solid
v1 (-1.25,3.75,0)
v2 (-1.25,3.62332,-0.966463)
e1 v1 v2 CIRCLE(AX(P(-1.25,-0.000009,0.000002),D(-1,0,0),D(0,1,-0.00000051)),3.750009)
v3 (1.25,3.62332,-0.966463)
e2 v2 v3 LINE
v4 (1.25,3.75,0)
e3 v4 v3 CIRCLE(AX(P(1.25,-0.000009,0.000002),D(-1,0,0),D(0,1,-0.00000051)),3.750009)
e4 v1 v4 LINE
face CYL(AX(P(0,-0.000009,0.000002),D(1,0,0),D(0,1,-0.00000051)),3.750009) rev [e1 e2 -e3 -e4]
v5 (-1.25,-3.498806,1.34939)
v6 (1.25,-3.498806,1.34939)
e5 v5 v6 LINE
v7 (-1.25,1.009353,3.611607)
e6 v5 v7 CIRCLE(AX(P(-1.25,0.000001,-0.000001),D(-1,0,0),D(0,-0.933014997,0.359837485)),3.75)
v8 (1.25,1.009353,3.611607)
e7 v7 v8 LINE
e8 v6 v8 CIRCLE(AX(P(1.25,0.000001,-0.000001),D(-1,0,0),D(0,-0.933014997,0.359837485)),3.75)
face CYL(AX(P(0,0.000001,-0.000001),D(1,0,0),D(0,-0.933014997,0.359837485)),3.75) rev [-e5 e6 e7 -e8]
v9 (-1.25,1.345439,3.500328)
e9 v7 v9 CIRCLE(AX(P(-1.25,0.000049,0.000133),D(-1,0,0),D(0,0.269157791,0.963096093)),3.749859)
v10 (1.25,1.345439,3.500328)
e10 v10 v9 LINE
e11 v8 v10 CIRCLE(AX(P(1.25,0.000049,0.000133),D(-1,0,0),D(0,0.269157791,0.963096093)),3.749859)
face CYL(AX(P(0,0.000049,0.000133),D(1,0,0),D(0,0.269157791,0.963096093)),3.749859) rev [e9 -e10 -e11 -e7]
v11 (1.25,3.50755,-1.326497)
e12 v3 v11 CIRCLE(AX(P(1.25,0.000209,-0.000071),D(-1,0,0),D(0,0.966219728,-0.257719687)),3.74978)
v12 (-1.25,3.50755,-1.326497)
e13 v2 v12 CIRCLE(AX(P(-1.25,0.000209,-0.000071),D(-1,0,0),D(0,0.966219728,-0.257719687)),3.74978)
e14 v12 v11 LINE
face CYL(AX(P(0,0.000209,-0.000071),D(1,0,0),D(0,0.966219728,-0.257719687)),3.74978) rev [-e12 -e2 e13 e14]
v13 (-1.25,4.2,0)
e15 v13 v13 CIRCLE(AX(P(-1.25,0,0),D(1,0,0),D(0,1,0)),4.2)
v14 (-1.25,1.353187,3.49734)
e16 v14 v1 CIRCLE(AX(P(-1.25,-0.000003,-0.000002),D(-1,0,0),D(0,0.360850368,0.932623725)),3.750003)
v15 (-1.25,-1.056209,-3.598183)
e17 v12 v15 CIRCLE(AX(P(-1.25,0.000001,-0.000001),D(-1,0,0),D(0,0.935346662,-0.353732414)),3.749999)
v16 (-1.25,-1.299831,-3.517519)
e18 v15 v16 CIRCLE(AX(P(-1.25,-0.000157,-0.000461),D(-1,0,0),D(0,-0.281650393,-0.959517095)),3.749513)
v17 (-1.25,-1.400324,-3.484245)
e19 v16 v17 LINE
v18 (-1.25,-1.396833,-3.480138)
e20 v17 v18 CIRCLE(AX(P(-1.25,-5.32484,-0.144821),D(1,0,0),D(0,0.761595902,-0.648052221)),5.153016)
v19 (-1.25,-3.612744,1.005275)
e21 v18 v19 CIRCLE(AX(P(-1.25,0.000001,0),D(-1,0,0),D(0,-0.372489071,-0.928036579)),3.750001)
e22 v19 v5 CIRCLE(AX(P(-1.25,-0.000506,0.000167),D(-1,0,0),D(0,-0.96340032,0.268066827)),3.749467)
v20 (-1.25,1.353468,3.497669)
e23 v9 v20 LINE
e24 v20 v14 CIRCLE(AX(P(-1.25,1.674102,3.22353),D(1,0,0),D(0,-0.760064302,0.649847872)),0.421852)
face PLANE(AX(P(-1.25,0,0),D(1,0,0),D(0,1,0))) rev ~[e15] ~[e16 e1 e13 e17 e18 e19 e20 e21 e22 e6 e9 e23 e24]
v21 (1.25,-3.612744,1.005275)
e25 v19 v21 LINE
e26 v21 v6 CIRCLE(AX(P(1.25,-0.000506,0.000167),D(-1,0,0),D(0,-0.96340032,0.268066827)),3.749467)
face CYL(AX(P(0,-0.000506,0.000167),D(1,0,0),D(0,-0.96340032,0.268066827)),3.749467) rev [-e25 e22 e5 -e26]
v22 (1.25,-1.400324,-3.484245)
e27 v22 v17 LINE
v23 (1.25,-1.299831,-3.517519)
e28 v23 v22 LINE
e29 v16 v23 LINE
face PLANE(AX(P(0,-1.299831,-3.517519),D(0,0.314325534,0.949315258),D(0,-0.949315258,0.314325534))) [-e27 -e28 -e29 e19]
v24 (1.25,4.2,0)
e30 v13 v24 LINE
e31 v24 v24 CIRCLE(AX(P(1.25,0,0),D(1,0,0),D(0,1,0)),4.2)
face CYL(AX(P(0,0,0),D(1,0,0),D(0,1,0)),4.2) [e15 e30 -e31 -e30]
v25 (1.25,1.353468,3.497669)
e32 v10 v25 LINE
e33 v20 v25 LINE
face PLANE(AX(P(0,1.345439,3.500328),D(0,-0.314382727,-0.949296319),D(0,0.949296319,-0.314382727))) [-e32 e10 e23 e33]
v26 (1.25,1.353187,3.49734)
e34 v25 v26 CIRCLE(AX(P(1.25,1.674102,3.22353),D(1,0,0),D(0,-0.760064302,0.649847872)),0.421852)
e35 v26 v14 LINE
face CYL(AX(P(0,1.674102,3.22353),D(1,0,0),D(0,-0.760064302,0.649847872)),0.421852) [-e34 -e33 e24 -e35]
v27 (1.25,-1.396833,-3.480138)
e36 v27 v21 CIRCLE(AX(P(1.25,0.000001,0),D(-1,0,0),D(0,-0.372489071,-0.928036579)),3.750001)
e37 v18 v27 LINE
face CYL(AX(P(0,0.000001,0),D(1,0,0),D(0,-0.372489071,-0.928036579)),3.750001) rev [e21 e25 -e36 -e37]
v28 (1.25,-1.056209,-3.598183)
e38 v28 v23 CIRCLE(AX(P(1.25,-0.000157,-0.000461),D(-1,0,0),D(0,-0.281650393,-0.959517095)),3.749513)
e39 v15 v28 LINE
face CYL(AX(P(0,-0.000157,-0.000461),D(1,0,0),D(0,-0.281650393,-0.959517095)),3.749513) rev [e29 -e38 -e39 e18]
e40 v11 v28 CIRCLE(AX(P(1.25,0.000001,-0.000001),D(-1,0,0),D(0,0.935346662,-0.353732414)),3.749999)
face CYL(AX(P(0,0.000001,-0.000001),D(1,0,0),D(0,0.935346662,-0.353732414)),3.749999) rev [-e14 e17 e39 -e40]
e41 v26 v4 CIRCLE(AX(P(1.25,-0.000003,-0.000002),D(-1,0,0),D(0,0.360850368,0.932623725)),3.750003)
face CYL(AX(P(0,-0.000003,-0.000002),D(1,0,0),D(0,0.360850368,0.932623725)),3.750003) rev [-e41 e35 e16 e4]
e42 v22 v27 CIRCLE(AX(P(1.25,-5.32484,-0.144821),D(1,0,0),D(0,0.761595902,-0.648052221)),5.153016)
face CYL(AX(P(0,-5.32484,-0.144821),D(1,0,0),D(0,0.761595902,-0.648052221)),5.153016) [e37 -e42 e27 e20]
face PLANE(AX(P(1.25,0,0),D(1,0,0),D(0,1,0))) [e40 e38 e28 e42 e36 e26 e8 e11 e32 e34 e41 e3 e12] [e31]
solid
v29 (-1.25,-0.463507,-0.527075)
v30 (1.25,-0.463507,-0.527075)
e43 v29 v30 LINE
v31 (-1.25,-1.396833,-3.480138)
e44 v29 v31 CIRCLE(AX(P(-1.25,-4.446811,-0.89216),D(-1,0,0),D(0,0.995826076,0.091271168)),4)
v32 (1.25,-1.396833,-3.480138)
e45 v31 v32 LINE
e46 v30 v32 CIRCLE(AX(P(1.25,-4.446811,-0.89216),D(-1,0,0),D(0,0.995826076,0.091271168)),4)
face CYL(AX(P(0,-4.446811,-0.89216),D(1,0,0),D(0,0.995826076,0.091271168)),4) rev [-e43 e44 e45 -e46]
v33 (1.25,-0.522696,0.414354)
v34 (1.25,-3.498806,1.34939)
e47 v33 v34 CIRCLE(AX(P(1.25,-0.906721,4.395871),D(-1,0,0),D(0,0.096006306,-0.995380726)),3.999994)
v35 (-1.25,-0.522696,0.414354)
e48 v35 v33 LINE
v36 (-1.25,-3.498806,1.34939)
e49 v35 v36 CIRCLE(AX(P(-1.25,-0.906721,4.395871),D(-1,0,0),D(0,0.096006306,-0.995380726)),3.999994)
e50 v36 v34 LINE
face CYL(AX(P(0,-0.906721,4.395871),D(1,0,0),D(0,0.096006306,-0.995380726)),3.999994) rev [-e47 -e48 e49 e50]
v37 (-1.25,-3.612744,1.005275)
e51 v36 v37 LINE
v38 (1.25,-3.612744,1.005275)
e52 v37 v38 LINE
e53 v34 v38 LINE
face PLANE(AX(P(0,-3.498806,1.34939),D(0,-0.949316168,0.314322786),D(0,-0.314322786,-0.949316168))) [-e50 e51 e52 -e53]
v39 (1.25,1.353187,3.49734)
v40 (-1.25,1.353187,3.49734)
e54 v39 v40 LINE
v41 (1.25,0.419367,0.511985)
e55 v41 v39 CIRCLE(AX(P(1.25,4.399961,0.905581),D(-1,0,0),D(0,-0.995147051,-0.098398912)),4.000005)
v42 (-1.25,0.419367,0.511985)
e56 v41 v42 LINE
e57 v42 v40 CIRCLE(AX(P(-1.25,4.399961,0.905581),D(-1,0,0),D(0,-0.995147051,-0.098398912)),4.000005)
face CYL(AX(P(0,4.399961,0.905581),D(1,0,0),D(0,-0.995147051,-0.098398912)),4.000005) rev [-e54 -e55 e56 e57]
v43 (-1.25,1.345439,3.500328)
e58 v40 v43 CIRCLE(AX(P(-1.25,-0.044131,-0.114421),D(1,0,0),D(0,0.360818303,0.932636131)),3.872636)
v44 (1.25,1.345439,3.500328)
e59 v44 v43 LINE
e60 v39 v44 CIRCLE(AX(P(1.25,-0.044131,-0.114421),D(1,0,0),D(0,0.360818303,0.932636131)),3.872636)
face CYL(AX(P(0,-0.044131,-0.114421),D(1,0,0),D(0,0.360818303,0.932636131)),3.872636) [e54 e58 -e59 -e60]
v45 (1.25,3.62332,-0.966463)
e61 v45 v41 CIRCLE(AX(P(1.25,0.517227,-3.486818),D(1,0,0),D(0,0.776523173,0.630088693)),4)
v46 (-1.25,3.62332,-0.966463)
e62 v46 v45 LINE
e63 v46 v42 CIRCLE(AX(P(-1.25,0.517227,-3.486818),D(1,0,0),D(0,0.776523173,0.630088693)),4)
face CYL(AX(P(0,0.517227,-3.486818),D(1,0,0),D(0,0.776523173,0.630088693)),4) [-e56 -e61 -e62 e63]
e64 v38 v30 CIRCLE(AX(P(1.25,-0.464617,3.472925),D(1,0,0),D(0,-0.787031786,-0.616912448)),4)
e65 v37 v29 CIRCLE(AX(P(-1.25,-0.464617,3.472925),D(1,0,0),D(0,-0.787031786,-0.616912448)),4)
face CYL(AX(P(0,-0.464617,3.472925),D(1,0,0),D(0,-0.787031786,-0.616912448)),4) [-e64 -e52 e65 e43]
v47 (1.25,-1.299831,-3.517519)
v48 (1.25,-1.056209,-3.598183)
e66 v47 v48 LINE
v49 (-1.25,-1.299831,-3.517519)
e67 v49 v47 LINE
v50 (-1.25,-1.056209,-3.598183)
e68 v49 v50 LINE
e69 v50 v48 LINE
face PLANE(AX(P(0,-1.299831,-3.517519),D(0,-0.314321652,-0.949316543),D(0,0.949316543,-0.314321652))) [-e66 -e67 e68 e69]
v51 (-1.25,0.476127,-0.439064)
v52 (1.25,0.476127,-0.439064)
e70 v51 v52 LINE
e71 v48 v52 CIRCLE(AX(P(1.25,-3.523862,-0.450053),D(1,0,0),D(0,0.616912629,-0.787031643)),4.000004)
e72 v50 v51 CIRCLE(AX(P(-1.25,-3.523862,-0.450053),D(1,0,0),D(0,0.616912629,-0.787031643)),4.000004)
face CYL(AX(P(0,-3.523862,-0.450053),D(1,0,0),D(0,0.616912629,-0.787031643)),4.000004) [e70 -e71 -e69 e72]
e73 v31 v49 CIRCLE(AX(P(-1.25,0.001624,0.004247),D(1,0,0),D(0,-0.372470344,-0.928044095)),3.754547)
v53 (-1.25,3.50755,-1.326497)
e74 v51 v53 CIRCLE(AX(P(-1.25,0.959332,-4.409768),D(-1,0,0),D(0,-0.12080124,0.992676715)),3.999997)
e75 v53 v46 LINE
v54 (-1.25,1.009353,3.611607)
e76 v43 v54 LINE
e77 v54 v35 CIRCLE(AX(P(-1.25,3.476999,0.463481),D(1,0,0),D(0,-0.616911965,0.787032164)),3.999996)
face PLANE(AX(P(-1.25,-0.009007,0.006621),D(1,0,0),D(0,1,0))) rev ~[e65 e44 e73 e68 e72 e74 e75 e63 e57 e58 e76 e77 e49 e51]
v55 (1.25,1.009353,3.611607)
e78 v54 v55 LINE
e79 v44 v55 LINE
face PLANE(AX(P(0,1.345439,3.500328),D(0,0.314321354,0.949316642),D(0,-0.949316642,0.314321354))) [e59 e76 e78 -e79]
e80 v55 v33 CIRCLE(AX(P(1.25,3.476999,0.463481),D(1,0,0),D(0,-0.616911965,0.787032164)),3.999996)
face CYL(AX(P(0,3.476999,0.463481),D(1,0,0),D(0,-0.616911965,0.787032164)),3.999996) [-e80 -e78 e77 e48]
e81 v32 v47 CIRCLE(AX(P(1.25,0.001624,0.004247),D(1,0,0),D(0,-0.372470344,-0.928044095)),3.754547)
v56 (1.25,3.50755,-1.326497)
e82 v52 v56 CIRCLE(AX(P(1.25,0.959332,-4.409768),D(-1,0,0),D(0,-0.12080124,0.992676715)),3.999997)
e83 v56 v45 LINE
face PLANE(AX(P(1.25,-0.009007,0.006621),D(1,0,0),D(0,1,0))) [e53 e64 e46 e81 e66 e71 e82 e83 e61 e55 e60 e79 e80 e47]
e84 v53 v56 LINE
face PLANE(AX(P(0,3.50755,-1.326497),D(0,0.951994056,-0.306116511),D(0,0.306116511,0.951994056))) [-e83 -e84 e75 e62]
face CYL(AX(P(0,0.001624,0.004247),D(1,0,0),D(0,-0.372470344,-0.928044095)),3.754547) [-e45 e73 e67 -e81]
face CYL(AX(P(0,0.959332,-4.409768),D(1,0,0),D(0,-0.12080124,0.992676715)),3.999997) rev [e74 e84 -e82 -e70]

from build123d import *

# Parameters (mm, degrees)
F0_R     = 4.2
F1_DEPTH = 1.25


with BuildPart() as f1:
    # F0 (on Right) → F1 (new body, symmetric)
    with BuildSketch(Plane.YZ):
        Circle(F0_R)
        with BuildLine():
            ThreePointArc((-3.498806, 1.34939), (-1.681889, 3.351678), (1.009353, 3.611607))
            ThreePointArc((1.009353, 3.611607), (1.17871, 3.559936), (1.345439, 3.500328))
            Line((1.345439, 3.500328), (1.353468, 3.497669))
            ThreePointArc((1.353468, 3.497669), (1.353327, 3.497504), (1.353187, 3.49734))
            ThreePointArc((1.353187, 3.49734), (3.093295, 2.119911), (3.75, 0))
            ThreePointArc((3.75, 0), (3.718195, -0.487365), (3.62332, -0.966463))
            ThreePointArc((3.62332, -0.966463), (3.569977, -1.14794), (3.50755, -1.326497))
            ThreePointArc((3.50755, -1.326497), (1.67105, -3.357096), (-1.056209, -3.598183))
            ThreePointArc((-1.056209, -3.598183), (-1.17871, -3.559936), (-1.299831, -3.517519))
            Line((-1.299831, -3.517519), (-1.400324, -3.484245))
            ThreePointArc((-1.400324, -3.484245), (-1.398578, -3.482192), (-1.396833, -3.480138))
            ThreePointArc((-1.396833, -3.480138), (-3.362097, -1.660964), (-3.612744, 1.005275))
            ThreePointArc((-3.612744, 1.005275), (-3.559936, 1.17871), (-3.498806, 1.34939))
        make_face(mode=Mode.SUBTRACT)
        with BuildLine():
            Line((1.345439, 3.500328), (1.009353, 3.611607))
            ThreePointArc((1.009353, 3.611607), (-0.130248, 2.19199), (-0.522696, 0.414354))
            ThreePointArc((-0.522696, 0.414354), (-2.10566, 0.579787), (-3.498806, 1.34939))
            Line((-3.498806, 1.34939), (-3.612744, 1.005275))
            ThreePointArc((-3.612744, 1.005275), (-2.214746, -0.123886), (-0.463507, -0.527075))
            ThreePointArc((-0.463507, -0.527075), (-0.63277, -2.097601), (-1.396833, -3.480138))
            ThreePointArc((-1.396833, -3.480138), (-1.348462, -3.499164), (-1.299831, -3.517519))
            Line((-1.299831, -3.517519), (-1.056209, -3.598183))
            ThreePointArc((-1.056209, -3.598183), (0.075111, -2.195741), (0.476127, -0.439064))
            ThreePointArc((0.476127, -0.439064), (2.083144, -0.570885), (3.50755, -1.326497))
            Line((3.50755, -1.326497), (3.62332, -0.966463))
            ThreePointArc((3.62332, -0.966463), (2.19318, 0.145149), (0.419367, 0.511985))
            ThreePointArc((0.419367, 0.511985), (0.582362, 2.099727), (1.353187, 3.49734))
            ThreePointArc((1.353187, 3.49734), (1.349314, 3.498836), (1.345439, 3.500328))
        make_face()
    extrude(amount=F1_DEPTH, both=True)


solid = f1.part
